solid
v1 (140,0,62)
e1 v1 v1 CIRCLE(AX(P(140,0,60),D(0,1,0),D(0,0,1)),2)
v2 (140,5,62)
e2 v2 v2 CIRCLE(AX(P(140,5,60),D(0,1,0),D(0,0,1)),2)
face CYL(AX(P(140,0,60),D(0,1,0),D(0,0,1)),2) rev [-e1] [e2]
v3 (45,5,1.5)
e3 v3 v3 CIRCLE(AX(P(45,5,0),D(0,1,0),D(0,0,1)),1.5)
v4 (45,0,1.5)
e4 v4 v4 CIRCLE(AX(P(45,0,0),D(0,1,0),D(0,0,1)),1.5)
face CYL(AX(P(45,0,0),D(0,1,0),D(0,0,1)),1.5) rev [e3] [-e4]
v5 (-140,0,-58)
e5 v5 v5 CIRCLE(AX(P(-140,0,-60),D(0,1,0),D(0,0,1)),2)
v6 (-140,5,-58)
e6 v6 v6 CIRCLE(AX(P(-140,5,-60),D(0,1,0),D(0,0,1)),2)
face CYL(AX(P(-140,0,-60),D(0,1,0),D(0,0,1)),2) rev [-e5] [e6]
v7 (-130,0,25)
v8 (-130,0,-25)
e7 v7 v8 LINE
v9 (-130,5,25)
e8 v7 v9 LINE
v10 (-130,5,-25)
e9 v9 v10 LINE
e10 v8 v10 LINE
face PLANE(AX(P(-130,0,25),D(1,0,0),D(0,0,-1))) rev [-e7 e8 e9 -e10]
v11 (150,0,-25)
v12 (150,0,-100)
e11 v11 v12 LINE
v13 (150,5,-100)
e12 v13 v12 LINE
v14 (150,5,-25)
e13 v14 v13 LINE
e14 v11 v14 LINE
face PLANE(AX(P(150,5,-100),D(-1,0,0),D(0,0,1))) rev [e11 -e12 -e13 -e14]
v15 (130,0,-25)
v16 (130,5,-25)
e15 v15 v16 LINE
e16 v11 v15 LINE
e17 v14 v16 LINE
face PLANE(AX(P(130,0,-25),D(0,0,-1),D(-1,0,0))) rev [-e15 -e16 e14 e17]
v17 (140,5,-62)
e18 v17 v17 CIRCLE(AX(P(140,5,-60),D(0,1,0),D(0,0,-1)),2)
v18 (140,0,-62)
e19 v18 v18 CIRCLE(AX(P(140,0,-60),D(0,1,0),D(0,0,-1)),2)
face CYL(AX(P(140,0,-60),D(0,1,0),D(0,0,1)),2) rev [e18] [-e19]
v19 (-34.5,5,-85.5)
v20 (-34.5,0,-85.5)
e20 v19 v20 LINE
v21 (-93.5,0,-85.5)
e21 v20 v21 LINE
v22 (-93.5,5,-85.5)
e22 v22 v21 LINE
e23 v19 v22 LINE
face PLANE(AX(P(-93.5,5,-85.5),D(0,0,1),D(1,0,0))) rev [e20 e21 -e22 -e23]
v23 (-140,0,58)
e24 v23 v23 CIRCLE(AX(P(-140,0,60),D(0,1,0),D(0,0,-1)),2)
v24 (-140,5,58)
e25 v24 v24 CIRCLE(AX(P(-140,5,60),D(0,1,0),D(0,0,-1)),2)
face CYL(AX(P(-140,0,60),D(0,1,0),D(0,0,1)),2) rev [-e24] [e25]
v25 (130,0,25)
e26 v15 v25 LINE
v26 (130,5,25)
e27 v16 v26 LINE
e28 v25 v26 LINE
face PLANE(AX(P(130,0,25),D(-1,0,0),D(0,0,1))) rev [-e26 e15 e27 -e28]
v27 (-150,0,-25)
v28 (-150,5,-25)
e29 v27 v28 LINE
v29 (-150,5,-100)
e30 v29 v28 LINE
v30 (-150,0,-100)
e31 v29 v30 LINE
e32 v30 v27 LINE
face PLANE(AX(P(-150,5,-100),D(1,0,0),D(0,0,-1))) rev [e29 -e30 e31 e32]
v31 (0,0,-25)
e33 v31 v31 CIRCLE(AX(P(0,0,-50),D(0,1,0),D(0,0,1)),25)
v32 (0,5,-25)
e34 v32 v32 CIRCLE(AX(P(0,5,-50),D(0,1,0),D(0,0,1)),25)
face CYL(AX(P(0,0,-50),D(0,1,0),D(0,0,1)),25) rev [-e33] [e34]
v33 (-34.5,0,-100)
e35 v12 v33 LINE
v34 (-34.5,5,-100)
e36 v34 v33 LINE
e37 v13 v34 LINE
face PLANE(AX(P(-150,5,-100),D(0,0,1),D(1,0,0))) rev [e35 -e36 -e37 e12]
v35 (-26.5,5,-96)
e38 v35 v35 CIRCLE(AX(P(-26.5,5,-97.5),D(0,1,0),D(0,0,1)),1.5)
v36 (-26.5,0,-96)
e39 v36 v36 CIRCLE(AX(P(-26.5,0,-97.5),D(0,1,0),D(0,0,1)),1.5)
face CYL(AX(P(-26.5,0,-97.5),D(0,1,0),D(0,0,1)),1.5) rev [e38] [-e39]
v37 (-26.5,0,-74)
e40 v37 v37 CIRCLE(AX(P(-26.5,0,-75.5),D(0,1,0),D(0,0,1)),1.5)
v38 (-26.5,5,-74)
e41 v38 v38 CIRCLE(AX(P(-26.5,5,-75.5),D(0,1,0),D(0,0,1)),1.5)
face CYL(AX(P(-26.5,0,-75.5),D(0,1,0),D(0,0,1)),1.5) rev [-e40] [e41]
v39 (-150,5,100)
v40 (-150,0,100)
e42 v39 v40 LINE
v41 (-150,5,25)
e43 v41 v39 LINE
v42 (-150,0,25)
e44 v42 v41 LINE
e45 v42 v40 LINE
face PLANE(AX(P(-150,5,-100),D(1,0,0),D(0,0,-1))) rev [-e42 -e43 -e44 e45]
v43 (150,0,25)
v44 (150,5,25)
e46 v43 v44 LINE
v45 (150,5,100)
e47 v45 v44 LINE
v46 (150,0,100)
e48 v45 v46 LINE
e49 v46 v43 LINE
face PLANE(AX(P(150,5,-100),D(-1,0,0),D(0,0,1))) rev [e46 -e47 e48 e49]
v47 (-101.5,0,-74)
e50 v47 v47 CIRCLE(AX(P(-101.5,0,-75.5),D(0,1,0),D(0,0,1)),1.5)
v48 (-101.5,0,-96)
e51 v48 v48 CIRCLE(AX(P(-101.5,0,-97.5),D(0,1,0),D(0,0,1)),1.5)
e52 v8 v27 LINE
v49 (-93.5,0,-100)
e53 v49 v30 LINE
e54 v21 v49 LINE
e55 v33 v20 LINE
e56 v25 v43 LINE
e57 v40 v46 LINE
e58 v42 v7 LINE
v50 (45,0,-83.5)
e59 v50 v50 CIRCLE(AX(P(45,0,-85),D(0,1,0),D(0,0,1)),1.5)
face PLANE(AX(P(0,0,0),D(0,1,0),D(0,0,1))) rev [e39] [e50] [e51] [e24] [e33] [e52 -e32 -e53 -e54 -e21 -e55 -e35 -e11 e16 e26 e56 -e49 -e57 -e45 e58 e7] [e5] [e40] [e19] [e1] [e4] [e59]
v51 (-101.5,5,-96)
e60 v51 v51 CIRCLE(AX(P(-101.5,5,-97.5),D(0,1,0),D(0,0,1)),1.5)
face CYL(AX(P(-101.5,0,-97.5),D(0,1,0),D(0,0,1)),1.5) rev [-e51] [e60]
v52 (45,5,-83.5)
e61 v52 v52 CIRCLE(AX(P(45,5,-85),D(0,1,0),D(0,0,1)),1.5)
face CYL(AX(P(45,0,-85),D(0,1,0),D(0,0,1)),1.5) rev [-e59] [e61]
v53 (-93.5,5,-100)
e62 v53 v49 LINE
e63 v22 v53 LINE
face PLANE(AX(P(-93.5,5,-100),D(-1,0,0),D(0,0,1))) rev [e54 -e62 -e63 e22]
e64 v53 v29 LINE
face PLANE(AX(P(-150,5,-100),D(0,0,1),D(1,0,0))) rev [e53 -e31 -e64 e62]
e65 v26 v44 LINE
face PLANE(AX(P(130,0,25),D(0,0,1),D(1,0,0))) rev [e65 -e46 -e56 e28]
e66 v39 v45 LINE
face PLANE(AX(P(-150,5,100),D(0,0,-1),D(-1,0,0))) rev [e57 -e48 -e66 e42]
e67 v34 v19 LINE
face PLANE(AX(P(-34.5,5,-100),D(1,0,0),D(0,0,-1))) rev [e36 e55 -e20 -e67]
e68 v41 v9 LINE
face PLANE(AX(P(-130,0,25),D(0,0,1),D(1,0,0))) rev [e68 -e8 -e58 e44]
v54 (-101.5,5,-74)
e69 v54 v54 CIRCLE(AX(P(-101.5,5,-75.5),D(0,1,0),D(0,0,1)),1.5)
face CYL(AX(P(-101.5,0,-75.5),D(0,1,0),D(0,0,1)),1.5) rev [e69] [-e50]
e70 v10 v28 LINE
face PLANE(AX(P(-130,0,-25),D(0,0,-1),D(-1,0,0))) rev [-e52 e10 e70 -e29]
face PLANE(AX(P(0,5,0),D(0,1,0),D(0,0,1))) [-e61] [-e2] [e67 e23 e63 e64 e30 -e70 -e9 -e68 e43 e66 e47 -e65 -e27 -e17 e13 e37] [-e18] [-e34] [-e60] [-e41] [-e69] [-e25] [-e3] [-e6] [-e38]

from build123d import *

# Parameters (mm, degrees)
SKETCH1_W           = 300
SKETCH1_H           = 200
BOSS_EXTRUDE1_DEPTH = 5
SKETCH2_R           = 2
SKETCH2_R_2         = 25
CUT_EXTRUDE2_DEPTH  = 6
SKETCH4_R           = 1.5
CUT_EXTRUDE3_DEPTH  = 6
SKETCH6_W           = 59
SKETCH6_H           = 14.5
CUT_EXTRUDE4_DEPTH  = 5
SKETCH8_R           = 1.5
CUT_EXTRUDE6_DEPTH  = 6
SKETCH9_W           = 20
SKETCH9_H           = 50
CUT_EXTRUDE7_DEPTH  = 6


with BuildPart() as part:
    # Sketch1 → Boss-Extrude1 (new body)
    with BuildSketch(Plane(origin=(0, 0, 0), x_dir=(1, 0, 0), z_dir=(0, 1, 0))):
        Rectangle(SKETCH1_W, SKETCH1_H)
    extrude(amount=BOSS_EXTRUDE1_DEPTH)

    # Sketch2 → Cut-Extrude2 (cut, through all)
    with BuildSketch(Plane(origin=(0, 5, 0), x_dir=(1, 0, 0), z_dir=(0, 1, 0))):
        with Locations((-140, 0)):
            Circle(SKETCH2_R)
        with Locations((-140, 60)):
            Circle(SKETCH2_R)
        with Locations((-140, -60)):
            Circle(SKETCH2_R)
        with Locations((140, -60)):
            Circle(SKETCH2_R)
        with Locations((140, 60)):
            Circle(SKETCH2_R)
        with Locations((140, 0)):
            Circle(SKETCH2_R)
        with Locations((0, 50)):
            Circle(SKETCH2_R_2)
    extrude(amount=-CUT_EXTRUDE2_DEPTH, mode=Mode.SUBTRACT)

    # Sketch4 → Cut-Extrude3 (cut, through all)
    with BuildSketch(Plane(origin=(0, 5, 0), x_dir=(1, 0, 0), z_dir=(0, 1, 0))):
        with Locations((-101.5, 97.5)):
            Circle(SKETCH4_R)
        with Locations((-26.5, 97.5)):
            Circle(SKETCH4_R)
        with Locations((-26.5, 75.5)):
            Circle(SKETCH4_R)
        with Locations((-101.5, 75.5)):
            Circle(SKETCH4_R)
    extrude(amount=-CUT_EXTRUDE3_DEPTH, mode=Mode.SUBTRACT)

    # Sketch6 → Cut-Extrude4 (cut)
    with BuildSketch(Plane.XZ):
        with Locations((-64, -92.75)):
            Rectangle(SKETCH6_W, SKETCH6_H)
    extrude(amount=-CUT_EXTRUDE4_DEPTH, mode=Mode.SUBTRACT)

    # Sketch8 → Cut-Extrude6 (cut, through all)
    with BuildSketch(Plane(origin=(0, 5, 0), x_dir=(1, 0, 0), z_dir=(0, 1, 0))):
        with Locations((45, 85)):
            Circle(SKETCH8_R)
        with Locations((45, 0)):
            Circle(SKETCH8_R)
    extrude(amount=-CUT_EXTRUDE6_DEPTH, mode=Mode.SUBTRACT)

    # Sketch9 → Cut-Extrude7 (cut, through all)
    with BuildSketch(Plane(origin=(0, 5, 0), x_dir=(1, 0, 0), z_dir=(0, 1, 0))):
        with Locations((-140, 0)):
            Rectangle(SKETCH9_W, SKETCH9_H)
        with Locations((140, 0)):
            Rectangle(SKETCH9_W, SKETCH9_H)
    extrude(amount=-CUT_EXTRUDE7_DEPTH, mode=Mode.SUBTRACT)


solid = part.part
